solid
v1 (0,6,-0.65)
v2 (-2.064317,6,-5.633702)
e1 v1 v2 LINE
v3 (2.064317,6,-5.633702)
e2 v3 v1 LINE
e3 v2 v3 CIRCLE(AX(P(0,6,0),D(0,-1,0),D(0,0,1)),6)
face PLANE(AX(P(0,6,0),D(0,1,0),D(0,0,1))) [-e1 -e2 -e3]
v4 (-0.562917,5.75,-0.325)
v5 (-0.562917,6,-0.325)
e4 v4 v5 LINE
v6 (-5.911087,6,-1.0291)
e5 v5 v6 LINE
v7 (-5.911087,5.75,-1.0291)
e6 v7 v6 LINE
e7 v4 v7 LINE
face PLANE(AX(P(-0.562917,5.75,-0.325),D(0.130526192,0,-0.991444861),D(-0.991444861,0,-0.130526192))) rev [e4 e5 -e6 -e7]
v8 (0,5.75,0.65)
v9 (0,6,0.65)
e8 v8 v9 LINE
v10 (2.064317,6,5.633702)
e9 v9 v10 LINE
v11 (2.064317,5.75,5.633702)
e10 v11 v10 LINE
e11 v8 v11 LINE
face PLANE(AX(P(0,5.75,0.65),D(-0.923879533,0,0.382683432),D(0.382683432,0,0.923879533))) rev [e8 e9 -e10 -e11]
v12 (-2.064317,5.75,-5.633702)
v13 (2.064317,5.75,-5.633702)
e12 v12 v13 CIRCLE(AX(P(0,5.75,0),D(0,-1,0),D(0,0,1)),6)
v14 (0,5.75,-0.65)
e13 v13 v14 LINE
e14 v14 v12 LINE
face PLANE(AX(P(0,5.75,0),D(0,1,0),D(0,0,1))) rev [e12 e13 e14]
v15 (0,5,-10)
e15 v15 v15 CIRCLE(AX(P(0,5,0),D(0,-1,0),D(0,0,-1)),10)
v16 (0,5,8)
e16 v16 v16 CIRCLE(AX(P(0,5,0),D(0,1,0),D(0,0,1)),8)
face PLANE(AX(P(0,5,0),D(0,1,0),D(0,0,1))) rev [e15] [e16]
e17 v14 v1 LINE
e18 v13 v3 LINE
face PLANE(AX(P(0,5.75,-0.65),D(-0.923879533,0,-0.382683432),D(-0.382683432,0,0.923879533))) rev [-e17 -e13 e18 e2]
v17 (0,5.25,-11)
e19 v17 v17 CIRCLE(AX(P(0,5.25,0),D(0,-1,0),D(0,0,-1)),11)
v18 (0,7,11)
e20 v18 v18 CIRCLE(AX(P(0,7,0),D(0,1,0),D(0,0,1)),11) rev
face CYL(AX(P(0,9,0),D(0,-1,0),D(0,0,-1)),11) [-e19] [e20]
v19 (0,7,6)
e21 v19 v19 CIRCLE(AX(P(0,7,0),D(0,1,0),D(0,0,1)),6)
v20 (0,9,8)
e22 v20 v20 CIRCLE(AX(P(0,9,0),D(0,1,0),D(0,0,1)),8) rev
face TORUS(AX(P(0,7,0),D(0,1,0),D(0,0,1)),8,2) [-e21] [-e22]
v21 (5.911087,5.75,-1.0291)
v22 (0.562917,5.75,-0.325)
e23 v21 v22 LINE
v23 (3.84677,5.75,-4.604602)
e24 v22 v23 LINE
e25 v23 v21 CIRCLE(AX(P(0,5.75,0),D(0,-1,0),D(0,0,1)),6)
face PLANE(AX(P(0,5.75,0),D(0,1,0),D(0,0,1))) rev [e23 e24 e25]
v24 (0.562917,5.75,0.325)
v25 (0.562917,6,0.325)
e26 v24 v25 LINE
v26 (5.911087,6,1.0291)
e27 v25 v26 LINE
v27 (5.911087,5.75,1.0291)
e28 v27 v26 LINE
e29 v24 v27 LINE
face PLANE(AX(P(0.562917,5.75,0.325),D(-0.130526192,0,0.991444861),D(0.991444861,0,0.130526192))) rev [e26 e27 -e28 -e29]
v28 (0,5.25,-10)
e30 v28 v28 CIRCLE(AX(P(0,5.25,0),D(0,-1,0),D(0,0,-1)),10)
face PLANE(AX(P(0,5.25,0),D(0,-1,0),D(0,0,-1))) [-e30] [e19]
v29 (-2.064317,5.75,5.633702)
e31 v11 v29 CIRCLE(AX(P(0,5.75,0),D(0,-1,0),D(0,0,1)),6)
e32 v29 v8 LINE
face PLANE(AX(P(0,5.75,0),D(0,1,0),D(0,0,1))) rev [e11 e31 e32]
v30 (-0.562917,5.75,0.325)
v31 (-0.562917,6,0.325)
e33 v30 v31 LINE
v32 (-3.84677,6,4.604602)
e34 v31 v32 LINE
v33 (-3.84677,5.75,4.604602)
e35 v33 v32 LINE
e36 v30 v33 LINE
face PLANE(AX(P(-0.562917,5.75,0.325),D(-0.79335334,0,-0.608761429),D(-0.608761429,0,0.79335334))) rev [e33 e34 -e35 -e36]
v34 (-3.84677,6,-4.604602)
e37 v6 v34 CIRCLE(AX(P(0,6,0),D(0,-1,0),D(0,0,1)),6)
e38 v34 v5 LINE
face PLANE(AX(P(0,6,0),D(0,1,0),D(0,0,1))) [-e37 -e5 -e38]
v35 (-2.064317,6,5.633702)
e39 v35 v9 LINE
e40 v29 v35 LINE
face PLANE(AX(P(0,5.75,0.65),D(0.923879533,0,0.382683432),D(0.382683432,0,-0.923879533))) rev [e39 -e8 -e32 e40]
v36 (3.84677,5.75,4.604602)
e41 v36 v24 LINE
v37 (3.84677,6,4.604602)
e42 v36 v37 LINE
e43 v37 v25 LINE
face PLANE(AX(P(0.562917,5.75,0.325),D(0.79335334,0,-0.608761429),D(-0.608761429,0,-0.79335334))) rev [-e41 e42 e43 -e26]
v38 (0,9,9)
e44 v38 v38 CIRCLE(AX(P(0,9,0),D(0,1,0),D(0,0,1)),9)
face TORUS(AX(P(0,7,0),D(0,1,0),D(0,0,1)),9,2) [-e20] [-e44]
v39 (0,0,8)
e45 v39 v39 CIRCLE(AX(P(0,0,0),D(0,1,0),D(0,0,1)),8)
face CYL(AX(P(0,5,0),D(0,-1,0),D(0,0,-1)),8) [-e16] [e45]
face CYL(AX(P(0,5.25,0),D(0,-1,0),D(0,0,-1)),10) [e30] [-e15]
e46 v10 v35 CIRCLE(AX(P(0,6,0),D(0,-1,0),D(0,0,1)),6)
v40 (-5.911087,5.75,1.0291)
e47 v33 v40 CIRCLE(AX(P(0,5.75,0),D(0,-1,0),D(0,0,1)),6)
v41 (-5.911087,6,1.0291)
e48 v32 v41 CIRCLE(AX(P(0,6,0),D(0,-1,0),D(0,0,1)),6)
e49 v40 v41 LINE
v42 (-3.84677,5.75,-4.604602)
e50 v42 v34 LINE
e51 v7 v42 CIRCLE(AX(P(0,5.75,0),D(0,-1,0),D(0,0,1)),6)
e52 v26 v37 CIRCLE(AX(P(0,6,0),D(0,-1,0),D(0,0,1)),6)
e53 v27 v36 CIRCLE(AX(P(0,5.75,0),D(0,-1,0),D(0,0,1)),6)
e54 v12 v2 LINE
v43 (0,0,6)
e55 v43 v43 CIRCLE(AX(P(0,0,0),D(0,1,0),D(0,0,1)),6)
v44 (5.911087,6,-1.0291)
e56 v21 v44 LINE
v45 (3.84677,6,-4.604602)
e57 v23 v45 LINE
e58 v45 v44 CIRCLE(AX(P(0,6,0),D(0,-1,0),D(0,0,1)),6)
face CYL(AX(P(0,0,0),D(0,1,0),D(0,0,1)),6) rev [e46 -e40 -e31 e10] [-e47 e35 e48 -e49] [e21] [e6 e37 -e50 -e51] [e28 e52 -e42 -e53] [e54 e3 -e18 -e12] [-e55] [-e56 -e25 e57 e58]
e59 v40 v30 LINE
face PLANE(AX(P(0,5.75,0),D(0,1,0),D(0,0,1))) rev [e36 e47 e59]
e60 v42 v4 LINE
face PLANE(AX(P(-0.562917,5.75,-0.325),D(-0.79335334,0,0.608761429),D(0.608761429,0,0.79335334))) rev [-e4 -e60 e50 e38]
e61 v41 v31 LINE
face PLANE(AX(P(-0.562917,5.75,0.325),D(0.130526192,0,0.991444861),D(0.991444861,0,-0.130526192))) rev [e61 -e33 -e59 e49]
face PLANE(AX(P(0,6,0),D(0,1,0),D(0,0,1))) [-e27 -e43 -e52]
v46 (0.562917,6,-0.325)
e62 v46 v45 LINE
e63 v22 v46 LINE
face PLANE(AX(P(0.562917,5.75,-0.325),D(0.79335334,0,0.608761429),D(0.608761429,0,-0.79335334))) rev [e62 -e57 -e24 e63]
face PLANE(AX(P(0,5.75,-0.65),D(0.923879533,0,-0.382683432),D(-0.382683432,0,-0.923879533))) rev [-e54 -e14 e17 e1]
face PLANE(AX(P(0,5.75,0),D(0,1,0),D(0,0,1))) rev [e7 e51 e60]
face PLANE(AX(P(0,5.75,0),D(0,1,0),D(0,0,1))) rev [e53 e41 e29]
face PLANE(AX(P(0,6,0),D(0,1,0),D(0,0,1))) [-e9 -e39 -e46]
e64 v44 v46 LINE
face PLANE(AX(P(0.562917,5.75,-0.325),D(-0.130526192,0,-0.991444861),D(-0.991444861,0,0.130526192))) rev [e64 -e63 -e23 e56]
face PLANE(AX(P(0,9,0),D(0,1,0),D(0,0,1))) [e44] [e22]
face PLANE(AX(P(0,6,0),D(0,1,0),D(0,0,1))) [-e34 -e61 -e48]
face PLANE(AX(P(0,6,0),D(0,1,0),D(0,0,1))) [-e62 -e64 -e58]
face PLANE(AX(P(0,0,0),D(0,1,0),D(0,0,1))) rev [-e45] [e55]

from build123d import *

# Parameters (mm, degrees)
SKETCH1_R           = 8
BOSS_EXTRUDE1_DEPTH = 5
SKETCH2_R           = 11
BOSS_EXTRUDE2_DEPTH = 4
SKETCH3_R           = 6
CUT_EXTRUDE1_DEPTH  = 18.972200756
BOSS_EXTRUDE3_START = -6
BOSS_EXTRUDE3_DEPTH = 0.25
SKETCH5_R           = 11
SKETCH5_R_2         = 10
CUT_EXTRUDE2_DEPTH  = 0.25
FILLET1_R           = 2


with BuildPart() as part:
    # Sketch1 → Boss-Extrude1 (new body)
    with BuildSketch(Plane(origin=(0, 0, 0), x_dir=(1, 0, 0), z_dir=(0, 1, 0))):
        with Locations(Location((0, 0, 0), (0, 0, 270))):
            Circle(SKETCH1_R)
    extrude(amount=BOSS_EXTRUDE1_DEPTH)

    # Sketch2 → Boss-Extrude2 (add)
    with BuildSketch(Plane(origin=(0, 5, 0), x_dir=(1, 0, 0), z_dir=(0, 1, 0))):
        with Locations(Location((0, 0, 0), (0, 0, 270))):
            Circle(SKETCH2_R)
    extrude(amount=BOSS_EXTRUDE2_DEPTH)

    # Sketch3 → Cut-Extrude1 (cut, through all)
    with BuildSketch(Plane(origin=(0, 9, 0), x_dir=(1, 0, 0), z_dir=(0, 1, 0))):
        with Locations(Location((0, 0, 0), (0, 0, 270))):
            Circle(SKETCH3_R)
    extrude(amount=-CUT_EXTRUDE1_DEPTH, mode=Mode.SUBTRACT)

    # Sketch4 → Boss-Extrude3 (add)
    with BuildSketch(Plane.XZ.offset(BOSS_EXTRUDE3_START)):
        with BuildLine():
            Line((0, 0.65), (-2.064316872, 5.633701789))
            ThreePointArc((-2.064316872, 5.633701789), (0, 6), (2.064316872, 5.633701789))
            Line((2.064316872, 5.633701789), (0, 0.65))
        make_face()
        with BuildLine():
            Line((0.562916512, 0.325), (3.846770431, 4.604601747))
            ThreePointArc((3.846770431, 4.604601747), (5.196152423, 3), (5.911087303, 1.029100042))
            Line((5.911087303, 1.029100042), (0.562916512, 0.325))
        make_face()
        with BuildLine():
            Line((0.562916512, -0.325), (5.911087303, -1.029100042))
            ThreePointArc((5.911087303, -1.029100042), (5.196152423, -3), (3.846770431, -4.604601747))
            Line((3.846770431, -4.604601747), (0.562916512, -0.325))
        make_face()
        with BuildLine():
            Line((0, -0.65), (2.064316872, -5.633701789))
            ThreePointArc((2.064316872, -5.633701789), (0, -6), (-2.064316872, -5.633701789))
            Line((-2.064316872, -5.633701789), (0, -0.65))
        make_face()
        with BuildLine():
            Line((-0.562916512, -0.325), (-3.846770431, -4.604601747))
            ThreePointArc((-3.846770431, -4.604601747), (-5.196152423, -3), (-5.911087303, -1.029100042))
            Line((-5.911087303, -1.029100042), (-0.562916512, -0.325))
        make_face()
        with BuildLine():
            Line((-0.562916512, 0.325), (-5.911087303, 1.029100042))
            ThreePointArc((-5.911087303, 1.029100042), (-5.196152423, 3), (-3.846770431, 4.604601747))
            Line((-3.846770431, 4.604601747), (-0.562916512, 0.325))
        make_face()
    extrude(amount=BOSS_EXTRUDE3_DEPTH)

    # Sketch5 → Cut-Extrude2 (cut)
    with BuildSketch(Plane.XZ.offset(-5)):
        with Locations(Location((0, 0, 0), (0, 0, 270))):
            Circle(SKETCH5_R)
        with Locations(Location((0, 0, 0), (0, 0, 270))):
            Circle(SKETCH5_R_2, mode=Mode.SUBTRACT)
    extrude(amount=-CUT_EXTRUDE2_DEPTH, mode=Mode.SUBTRACT)

    # Fillet1
    fillet1_edges = [part.edges().sort_by_distance(p)[0] for p in [
        (0, 9, -6),
        (0, 9, -11),
    ]]
    fillet(fillet1_edges, radius=FILLET1_R)


solid = part.part
